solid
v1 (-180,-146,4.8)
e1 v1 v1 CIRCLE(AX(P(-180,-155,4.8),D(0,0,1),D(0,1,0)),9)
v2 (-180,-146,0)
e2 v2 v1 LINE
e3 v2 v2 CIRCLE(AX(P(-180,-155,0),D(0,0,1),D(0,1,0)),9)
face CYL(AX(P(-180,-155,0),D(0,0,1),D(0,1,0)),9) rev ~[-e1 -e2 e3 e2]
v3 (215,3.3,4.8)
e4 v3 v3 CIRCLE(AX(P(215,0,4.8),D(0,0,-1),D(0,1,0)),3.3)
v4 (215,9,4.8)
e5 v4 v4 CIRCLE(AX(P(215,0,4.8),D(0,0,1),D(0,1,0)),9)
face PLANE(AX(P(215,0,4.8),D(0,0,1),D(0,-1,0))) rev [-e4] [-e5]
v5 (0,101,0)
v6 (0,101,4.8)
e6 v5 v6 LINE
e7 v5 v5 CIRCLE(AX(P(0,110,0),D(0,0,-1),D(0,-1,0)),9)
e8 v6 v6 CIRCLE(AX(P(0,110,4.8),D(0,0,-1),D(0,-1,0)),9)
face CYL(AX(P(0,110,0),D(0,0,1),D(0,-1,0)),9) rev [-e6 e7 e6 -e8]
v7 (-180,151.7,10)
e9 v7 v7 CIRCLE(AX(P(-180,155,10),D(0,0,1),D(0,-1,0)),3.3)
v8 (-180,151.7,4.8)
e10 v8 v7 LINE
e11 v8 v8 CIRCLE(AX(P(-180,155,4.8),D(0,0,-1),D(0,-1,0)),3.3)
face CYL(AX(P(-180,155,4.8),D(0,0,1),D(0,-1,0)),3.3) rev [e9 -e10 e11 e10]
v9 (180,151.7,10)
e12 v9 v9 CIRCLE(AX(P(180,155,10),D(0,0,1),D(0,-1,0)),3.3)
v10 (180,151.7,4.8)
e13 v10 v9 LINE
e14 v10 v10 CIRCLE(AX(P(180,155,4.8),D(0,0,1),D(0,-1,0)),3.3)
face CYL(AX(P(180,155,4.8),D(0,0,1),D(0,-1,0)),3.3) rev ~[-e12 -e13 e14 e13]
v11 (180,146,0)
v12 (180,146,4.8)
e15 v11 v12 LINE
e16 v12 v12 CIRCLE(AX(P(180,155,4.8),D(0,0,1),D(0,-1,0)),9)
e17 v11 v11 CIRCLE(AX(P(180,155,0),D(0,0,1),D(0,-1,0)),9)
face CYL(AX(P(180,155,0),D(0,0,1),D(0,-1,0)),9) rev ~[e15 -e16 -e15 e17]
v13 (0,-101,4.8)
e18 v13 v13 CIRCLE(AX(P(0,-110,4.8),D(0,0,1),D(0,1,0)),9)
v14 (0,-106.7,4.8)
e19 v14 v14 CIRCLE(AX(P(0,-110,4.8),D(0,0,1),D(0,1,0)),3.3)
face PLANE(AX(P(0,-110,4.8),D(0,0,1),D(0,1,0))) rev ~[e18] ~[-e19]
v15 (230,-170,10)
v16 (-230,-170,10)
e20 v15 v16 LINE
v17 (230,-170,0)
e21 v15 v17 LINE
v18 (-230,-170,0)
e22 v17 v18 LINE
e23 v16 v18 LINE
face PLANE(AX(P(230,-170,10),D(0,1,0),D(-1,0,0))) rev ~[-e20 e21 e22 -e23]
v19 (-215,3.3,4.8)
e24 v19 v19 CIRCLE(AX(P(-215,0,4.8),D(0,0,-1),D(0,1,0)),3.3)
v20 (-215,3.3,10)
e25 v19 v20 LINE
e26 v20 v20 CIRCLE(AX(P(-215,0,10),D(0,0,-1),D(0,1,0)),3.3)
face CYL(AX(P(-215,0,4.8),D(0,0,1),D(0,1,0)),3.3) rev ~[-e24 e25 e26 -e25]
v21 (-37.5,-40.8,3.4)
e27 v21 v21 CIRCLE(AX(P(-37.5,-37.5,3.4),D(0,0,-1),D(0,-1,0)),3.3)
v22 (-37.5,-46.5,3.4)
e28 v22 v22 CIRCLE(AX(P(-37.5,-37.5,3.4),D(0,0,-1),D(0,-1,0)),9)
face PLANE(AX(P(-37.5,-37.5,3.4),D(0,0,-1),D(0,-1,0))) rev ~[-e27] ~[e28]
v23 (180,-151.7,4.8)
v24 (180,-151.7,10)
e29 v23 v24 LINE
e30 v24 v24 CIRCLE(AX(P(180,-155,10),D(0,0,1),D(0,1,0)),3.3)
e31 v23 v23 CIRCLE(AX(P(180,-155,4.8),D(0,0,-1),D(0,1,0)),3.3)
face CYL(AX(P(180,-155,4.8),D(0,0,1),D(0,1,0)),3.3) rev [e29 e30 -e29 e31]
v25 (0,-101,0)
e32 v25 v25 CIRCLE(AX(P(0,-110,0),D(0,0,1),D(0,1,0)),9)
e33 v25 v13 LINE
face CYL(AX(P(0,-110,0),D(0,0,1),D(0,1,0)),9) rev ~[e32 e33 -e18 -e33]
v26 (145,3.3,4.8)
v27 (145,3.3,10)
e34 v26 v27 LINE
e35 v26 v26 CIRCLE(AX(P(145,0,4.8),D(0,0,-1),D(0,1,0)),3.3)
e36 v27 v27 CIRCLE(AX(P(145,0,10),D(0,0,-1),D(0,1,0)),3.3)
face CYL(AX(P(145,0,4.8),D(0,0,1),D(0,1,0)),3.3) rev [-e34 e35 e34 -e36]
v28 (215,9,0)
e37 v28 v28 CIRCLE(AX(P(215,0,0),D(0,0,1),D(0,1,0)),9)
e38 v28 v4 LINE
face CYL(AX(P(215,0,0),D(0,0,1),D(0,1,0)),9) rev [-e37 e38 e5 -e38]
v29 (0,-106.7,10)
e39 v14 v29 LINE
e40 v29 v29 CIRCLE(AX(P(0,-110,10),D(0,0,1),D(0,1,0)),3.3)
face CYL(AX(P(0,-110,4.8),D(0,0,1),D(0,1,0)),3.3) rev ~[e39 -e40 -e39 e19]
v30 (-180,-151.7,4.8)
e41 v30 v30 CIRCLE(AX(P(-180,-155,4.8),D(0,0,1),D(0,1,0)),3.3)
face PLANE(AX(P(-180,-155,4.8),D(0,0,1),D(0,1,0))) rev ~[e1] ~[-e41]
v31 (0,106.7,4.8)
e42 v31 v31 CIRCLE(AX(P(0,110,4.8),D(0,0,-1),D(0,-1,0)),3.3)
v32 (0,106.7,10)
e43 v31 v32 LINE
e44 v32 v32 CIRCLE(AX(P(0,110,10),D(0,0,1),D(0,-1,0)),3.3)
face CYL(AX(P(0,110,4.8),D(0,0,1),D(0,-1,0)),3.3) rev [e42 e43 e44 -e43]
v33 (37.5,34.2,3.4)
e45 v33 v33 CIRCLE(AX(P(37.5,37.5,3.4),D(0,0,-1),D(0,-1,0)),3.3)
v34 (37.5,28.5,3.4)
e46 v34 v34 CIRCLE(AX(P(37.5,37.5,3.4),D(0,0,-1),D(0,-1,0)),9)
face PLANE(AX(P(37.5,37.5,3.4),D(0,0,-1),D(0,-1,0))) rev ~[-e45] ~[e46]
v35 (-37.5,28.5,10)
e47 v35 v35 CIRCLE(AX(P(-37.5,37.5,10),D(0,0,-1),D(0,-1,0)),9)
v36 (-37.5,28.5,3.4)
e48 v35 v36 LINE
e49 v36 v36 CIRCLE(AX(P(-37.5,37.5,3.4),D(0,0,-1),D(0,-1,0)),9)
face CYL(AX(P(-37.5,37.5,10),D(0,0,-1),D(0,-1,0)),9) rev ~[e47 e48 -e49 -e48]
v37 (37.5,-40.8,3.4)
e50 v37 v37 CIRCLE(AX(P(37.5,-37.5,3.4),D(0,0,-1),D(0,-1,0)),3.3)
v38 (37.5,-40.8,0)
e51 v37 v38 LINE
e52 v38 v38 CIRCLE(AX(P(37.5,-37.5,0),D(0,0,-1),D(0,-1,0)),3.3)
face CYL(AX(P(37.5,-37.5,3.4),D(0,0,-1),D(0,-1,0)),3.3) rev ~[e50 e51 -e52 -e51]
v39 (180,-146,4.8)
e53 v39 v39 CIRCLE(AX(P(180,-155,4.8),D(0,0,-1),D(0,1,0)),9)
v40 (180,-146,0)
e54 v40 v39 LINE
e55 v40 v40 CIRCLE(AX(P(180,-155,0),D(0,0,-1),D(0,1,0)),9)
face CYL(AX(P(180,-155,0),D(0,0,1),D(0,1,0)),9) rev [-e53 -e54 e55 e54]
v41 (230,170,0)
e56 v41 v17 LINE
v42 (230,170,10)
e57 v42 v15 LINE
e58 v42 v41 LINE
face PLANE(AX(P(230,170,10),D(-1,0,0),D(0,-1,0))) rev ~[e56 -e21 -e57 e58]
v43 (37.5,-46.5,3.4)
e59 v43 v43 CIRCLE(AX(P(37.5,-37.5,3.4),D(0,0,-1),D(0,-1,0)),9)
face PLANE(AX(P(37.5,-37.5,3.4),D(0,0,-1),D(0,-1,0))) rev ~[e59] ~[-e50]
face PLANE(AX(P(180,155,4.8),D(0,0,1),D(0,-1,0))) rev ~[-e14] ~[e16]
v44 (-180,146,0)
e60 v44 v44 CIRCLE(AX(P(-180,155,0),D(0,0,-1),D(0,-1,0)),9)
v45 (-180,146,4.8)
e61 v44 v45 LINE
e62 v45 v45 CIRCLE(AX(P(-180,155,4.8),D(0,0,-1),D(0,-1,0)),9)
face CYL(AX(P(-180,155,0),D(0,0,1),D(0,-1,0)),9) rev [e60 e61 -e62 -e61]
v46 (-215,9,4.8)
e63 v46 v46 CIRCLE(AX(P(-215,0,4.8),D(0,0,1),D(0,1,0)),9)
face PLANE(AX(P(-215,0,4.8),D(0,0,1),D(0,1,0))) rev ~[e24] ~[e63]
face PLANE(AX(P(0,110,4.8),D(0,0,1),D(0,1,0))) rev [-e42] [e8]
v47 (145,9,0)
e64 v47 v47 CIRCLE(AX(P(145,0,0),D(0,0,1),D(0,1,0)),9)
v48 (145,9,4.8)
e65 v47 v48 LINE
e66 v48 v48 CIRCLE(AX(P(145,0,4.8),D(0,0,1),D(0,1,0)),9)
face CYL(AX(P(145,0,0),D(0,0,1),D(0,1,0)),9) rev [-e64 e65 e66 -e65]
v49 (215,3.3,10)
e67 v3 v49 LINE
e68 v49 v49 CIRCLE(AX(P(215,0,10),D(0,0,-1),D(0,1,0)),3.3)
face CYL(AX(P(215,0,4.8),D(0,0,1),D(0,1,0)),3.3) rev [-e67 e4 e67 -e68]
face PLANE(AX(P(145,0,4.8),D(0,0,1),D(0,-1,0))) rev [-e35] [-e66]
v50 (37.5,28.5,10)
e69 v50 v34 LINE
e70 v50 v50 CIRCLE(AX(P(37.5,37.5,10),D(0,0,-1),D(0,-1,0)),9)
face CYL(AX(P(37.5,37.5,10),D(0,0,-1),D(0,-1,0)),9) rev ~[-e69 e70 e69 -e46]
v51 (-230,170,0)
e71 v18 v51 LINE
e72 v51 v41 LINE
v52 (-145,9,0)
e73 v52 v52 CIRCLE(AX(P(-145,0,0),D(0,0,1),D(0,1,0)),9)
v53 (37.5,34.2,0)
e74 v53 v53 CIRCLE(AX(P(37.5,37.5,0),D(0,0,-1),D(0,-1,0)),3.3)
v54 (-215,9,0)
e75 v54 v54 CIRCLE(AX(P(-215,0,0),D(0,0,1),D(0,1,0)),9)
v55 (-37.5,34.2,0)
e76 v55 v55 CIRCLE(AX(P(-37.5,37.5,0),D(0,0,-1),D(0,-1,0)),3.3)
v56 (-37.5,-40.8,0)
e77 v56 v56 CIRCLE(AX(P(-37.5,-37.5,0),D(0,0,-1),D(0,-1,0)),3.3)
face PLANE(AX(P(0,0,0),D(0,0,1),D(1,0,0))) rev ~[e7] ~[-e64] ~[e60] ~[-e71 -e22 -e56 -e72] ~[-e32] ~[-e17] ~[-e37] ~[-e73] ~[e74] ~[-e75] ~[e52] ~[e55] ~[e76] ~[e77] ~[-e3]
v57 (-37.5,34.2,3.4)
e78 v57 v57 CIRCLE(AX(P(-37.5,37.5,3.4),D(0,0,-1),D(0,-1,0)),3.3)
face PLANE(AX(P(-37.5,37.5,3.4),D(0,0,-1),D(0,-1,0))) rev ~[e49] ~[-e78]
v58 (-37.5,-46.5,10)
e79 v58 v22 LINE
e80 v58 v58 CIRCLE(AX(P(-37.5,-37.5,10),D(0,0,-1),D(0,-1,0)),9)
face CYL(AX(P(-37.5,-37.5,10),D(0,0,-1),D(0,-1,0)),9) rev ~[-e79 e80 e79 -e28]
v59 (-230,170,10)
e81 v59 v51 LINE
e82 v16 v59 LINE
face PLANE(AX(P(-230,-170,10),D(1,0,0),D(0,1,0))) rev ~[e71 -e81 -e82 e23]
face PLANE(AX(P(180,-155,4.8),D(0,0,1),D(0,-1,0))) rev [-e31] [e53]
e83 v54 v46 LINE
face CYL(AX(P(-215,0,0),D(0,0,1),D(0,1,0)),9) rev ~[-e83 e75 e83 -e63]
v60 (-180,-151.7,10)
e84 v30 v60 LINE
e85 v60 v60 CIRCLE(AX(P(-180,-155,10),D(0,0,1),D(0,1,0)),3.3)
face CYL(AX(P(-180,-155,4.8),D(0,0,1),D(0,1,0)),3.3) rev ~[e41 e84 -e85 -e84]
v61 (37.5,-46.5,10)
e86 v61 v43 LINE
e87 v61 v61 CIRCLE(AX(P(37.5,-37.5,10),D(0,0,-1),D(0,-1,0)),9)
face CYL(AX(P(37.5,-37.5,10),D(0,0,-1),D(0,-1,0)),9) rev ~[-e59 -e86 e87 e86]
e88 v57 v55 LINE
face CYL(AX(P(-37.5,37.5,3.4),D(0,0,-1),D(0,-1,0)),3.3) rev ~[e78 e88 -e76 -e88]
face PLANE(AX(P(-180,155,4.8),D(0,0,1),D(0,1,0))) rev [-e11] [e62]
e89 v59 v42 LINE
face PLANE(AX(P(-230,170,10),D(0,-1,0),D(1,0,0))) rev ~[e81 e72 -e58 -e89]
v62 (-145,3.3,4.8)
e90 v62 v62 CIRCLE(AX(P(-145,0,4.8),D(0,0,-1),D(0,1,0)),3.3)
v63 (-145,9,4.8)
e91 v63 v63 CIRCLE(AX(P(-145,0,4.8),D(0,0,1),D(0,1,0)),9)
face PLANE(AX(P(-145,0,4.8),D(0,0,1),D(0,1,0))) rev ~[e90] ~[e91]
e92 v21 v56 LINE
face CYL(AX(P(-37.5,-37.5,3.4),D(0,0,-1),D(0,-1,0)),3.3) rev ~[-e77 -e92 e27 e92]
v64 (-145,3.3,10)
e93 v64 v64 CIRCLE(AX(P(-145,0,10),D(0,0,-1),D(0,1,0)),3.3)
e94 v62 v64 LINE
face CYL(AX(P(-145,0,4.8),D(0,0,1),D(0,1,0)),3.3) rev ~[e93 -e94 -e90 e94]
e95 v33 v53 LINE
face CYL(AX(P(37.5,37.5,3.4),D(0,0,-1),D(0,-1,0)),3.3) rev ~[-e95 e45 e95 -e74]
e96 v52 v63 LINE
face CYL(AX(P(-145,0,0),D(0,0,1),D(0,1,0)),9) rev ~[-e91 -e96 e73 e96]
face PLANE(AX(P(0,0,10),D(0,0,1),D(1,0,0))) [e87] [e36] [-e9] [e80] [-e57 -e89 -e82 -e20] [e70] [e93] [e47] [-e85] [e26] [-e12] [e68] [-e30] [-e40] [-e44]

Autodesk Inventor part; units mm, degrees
ref_plane "YZ Plane" through (0, 0, 0) normal (1, 0, 0) x (0, 1, 0)
ref_plane "XZ Plane" through (0, 0, 0) normal (0, 1, 0) x (-1, 0, 0)
ref_plane "XY Plane" through (0, 0, 0) normal (0, 0, 1) x (1, 0, 0)
sketch "Sketch1" plane through (0, 0, 0) normal (0, 0, 1) x (1, 0, 0)
  line L0 (-85.05, 54.7) -> (85.05, 54.7)
  line L1 (85.05, 54.7) -> (85.05, -54.7)
  line L2 (85.05, -54.7) -> (-85.05, -54.7)
  line L3 (-85.05, -54.7) -> (-85.05, 54.7)
  point P0 (0, 0)
  dimension "d0" = 170.1
  dimension "d1" = 85.05
  dimension "d2" = 109.4
  dimension "d3" = 54.7
extrude "baseExtrusion" add sketch "Sketch1" along normal blind 10
sketch "Sketch2" plane through (0, 0, 10) normal (0, 0, 1) x (1, 0, 0)
  line L0 (85.05, -54.7) -> (85.05, 54.7) projected
  point P0 (0, 0)
  point P1 (-37.5, 37.5)
  point P2 (-37.5, -37.5)
  point P3 (37.5, 37.5)
  point P4 (37.5, -37.5)
  dimension "d7" = 75
  dimension "d9" = 37.5
  dimension "d62" = 75
  dimension "d63" = 37.5
hole "zStageM6MountingHoles" at (-37.5, 37.5, 10) at (-37.5, -37.5, 10) at (37.5, 37.5, 10) at (37.5, -37.5, 10) direction (0, 0, -1) diameter 6.6 end through all counterbore diameter 18 counterbore depth 6.6 clearance for "Hex Head Cap Screw ISO 24017" size "M6" standard "ISO"
sketch "Sketch5" plane through (0, 0, 10) normal (0, 0, 1) x (1, 0, 0)
  line L0 (230, -170) -> (-230, -170)
  line L1 (-230, -170) -> (-230, 170)
  line L2 (-230, 170) -> (230, 170)
  line L3 (230, 170) -> (230, -170)
  line L4 (-85.05, -54.7) -> (85.05, -54.7) projected
  line L5 (85.05, 54.7) -> (-85.05, 54.7) projected
  line L6 (85.05, -54.7) -> (85.05, 54.7) projected
  line L7 (-85.05, 54.7) -> (-85.05, -54.7) projected
  point P0 (0, 0)
  dimension "d44" = 340
  dimension "d45" = 170
  dimension "d46" = 460
  dimension "d47" = 230
extrude "excessExtrusion" add sketch "Sketch5" against normal blind 10
sketch "Sketch7" plane through (0, 0, 0) normal (0, 0, -1) x (-1, 0, 0)
  line L0 (230, -170) -> (230, 170) projected
  line L1 (230, 170) -> (-230, 170) projected
  line L2 (-230, -170) -> (230, -170) projected
  point P0 (0, 0)
  point P1 (180, -155)
  point P2 (215, 0)
  point P3 (145, 0)
  point P4 (0, -110)
  dimension "d48" = 15
  dimension "d50" = 15
  dimension "d51" = 85
  dimension "d60" = 50
  dimension "d61" = 60
hole "Hole4" at (-180, -155, 0) at (-215, 0, 0) at (-145, 0, 0) at (0, -110, 0) direction (0, 0, 1) diameter 6.6 end through all counterbore diameter 18 counterbore depth 4.8 clearance for "Hex Head Cap Screw ISO 24017" size "M6" standard "ISO"
mirror "Mirror7" about plane through (0, 0, 0) normal (1, 0, 0) of "Hole4"
mirror "Mirror8" about plane through (0, 0, 0) normal (0, 1, 0) of "Hole4", "Mirror7"
equation "\"d1\" = 0.5 * d0"
equation "\"d3\" = 0.5 * d2"
equation "\"d9\" = 0.5 * d7"
equation "\"d63\" = 0.5 * d62"
equation "\"d45\" = 0.5 * d44"
equation "\"d47\" = 0.5 * d46"
properties part number "widefieldViewingPlatformBase"
